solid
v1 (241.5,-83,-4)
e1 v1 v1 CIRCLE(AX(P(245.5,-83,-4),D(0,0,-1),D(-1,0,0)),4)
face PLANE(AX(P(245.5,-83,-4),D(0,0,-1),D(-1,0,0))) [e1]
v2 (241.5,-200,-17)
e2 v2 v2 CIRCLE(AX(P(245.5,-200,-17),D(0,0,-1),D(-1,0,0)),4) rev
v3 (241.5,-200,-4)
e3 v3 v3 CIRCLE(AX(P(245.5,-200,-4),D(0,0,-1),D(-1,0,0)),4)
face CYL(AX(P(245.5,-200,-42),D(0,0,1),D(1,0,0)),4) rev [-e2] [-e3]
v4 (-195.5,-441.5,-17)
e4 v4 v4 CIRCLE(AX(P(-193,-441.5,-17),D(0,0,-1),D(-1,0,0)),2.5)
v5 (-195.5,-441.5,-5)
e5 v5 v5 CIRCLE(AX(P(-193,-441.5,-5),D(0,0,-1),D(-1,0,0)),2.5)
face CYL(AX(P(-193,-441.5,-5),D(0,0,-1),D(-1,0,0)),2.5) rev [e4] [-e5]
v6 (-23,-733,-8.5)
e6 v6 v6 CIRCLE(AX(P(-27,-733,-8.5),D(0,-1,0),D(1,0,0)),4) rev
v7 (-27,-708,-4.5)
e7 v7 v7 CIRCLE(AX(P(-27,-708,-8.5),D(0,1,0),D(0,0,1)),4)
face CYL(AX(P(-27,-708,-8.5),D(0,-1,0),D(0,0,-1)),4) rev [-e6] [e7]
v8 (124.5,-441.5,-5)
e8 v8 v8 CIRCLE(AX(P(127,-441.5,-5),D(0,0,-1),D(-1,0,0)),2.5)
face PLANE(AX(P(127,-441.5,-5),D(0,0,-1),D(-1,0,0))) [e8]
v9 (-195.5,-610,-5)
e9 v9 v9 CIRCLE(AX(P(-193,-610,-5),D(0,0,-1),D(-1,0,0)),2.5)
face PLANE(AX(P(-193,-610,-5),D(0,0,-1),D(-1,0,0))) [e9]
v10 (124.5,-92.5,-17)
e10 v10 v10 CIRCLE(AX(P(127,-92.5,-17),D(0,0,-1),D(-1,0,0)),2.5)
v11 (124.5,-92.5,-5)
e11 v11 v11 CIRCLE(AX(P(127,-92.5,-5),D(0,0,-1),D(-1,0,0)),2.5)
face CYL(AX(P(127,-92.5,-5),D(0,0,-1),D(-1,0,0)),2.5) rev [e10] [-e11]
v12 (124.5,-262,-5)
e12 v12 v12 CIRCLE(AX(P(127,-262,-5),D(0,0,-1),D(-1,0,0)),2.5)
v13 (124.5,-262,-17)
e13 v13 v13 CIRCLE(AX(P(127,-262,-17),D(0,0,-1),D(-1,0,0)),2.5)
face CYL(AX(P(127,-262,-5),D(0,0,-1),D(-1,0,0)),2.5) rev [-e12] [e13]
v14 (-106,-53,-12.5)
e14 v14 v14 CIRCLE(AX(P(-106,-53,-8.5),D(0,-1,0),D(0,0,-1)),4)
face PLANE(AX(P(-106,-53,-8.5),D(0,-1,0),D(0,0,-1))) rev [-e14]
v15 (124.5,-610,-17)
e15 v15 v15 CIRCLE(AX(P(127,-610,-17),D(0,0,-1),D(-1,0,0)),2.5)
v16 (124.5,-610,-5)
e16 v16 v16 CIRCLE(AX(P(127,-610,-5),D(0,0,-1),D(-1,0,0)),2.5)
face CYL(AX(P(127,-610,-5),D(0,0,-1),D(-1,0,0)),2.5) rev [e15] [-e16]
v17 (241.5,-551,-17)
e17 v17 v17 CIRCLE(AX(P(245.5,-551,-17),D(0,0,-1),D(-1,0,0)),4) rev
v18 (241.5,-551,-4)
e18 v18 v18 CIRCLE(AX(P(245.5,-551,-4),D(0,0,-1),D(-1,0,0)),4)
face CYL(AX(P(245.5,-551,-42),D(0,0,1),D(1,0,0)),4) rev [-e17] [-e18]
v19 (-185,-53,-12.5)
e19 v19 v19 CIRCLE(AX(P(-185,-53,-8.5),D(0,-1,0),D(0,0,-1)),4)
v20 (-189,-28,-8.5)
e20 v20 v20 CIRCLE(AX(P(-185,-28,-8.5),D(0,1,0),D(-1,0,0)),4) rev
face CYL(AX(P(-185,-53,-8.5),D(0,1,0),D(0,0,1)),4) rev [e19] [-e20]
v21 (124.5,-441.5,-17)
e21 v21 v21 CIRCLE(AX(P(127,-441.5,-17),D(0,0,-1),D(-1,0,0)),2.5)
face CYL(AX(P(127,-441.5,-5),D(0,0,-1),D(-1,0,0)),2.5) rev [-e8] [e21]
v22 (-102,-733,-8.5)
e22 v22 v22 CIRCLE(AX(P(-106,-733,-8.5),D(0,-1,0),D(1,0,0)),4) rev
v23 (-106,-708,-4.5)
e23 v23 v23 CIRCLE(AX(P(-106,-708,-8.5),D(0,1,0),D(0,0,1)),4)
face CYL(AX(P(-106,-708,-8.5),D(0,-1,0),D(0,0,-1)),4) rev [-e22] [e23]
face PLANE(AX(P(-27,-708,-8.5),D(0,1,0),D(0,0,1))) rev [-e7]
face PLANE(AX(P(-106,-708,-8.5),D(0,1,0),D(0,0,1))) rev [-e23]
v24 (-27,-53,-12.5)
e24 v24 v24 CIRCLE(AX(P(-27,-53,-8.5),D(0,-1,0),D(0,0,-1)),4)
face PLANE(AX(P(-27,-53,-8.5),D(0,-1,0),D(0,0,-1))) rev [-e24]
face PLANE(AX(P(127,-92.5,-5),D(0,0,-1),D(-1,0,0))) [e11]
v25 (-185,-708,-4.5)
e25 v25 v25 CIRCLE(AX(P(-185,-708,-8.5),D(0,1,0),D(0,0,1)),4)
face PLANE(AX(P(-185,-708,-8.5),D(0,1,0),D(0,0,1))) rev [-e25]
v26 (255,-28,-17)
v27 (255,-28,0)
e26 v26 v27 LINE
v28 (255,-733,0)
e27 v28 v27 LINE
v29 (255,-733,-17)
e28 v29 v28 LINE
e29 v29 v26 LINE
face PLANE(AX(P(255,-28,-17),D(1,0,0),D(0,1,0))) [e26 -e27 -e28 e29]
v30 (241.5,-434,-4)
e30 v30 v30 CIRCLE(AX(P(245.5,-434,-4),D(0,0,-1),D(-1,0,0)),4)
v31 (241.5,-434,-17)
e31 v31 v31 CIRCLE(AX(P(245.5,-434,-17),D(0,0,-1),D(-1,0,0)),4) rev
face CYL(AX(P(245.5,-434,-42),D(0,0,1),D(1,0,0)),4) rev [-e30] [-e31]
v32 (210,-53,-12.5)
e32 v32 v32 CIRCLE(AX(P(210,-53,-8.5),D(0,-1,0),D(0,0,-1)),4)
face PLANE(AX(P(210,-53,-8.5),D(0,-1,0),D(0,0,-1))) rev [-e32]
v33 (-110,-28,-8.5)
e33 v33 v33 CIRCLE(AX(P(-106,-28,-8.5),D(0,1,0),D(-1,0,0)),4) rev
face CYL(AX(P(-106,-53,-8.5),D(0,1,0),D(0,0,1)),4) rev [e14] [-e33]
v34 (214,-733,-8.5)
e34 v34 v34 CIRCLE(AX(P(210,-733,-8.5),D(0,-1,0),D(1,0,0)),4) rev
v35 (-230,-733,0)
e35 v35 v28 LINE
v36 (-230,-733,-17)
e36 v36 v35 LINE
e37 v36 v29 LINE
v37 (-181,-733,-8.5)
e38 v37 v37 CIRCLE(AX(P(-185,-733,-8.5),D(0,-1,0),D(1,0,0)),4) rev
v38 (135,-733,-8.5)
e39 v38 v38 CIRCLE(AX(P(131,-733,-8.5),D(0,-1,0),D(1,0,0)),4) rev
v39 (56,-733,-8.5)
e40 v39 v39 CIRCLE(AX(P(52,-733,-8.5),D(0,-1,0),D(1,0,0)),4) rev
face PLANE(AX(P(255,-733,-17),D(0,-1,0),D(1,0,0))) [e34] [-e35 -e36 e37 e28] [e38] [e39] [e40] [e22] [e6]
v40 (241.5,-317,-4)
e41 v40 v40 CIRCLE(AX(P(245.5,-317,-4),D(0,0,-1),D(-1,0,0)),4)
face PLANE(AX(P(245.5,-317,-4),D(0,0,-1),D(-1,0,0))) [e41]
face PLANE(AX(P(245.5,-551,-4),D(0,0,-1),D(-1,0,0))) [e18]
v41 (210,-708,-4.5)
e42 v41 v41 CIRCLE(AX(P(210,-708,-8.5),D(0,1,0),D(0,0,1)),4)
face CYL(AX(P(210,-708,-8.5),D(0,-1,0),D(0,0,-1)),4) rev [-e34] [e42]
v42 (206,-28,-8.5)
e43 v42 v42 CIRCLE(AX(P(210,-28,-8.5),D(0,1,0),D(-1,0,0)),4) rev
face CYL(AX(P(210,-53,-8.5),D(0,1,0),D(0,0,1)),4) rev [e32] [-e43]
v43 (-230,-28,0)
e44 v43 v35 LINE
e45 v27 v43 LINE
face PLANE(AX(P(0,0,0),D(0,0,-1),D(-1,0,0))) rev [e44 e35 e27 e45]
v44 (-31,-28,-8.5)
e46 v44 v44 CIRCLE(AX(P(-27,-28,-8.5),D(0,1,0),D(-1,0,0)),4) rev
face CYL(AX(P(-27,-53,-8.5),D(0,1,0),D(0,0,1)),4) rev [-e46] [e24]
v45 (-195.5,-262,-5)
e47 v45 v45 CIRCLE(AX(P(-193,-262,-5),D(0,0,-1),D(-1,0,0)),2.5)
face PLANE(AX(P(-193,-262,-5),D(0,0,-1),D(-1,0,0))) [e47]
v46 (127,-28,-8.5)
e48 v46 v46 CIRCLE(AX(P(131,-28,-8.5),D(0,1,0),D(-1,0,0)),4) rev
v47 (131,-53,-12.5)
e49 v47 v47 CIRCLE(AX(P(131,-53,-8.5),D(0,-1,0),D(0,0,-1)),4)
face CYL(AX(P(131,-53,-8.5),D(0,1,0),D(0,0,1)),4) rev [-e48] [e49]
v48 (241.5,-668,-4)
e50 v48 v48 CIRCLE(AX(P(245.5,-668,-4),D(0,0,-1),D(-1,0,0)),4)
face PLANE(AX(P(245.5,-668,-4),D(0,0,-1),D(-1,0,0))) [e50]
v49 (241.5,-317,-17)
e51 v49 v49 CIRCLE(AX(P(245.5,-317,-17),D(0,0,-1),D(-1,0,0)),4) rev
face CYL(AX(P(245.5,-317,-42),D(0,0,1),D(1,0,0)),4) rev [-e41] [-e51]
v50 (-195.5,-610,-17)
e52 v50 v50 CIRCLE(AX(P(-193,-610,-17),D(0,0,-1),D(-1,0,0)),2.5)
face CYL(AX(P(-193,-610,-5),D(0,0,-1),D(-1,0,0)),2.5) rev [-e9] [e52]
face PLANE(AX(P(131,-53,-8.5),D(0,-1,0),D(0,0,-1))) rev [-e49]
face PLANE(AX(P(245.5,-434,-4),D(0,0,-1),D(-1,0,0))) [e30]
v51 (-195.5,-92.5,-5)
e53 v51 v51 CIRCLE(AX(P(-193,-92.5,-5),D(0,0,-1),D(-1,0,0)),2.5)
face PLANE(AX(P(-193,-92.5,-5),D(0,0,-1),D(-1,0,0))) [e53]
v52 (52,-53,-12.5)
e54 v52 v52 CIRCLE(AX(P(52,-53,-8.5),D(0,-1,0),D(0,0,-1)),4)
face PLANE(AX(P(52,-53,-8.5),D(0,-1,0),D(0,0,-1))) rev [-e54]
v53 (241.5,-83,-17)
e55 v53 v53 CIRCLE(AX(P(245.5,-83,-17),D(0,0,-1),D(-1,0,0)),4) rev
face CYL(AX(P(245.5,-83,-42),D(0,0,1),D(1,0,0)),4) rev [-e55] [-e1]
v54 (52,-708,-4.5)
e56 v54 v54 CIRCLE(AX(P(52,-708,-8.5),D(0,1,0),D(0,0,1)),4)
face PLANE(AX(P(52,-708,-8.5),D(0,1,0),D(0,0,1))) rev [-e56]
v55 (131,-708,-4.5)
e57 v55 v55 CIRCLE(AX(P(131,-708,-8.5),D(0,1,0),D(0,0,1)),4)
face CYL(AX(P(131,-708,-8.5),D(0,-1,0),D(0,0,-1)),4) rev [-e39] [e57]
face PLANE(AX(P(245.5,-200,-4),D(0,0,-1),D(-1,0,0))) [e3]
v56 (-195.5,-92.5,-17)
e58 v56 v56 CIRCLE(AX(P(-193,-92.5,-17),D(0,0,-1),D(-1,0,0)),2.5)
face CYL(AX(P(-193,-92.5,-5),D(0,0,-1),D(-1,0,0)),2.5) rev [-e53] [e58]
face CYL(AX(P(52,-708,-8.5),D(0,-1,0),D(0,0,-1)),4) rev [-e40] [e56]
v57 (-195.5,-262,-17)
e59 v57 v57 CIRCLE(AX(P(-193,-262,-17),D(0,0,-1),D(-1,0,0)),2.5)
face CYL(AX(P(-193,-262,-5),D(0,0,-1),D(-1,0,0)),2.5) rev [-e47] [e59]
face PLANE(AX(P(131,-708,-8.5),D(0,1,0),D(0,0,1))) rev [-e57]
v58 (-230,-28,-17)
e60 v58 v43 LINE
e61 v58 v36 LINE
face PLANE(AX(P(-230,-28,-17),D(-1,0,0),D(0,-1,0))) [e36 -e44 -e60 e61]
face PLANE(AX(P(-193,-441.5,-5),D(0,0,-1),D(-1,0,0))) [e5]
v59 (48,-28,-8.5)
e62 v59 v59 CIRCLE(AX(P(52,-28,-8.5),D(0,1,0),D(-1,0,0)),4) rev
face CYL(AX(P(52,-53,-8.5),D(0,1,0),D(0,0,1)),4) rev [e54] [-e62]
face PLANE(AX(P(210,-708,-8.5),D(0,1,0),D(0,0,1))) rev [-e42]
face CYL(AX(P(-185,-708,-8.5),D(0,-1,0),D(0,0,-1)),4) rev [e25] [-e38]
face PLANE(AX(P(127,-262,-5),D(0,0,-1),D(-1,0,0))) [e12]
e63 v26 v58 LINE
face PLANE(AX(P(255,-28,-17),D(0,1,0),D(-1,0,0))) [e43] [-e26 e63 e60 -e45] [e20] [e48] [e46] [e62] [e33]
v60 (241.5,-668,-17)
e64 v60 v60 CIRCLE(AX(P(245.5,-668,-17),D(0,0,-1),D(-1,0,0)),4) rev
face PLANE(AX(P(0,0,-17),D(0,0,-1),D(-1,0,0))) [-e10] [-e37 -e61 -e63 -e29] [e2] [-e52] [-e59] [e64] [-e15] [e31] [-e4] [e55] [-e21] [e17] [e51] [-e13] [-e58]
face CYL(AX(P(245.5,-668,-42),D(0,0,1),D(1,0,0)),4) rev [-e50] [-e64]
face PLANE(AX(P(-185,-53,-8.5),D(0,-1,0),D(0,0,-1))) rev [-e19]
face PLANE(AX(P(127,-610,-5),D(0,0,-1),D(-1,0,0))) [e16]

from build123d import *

# Parameters (mm, degrees)
SKETCH1_W                = 485
SKETCH1_H                = 705
BOSS_EXTRUDE1_DEPTH      = 17
CUT_EXTRUDE2_DEPTH       = 25
CUT_EXTRUDE2_DEPTH_BACK  = 13
SKETCH3_R                = 4
SKETCH8_R                = 2.5
CUT_EXTRUDE7_DEPTH       = 12
SKETCH9_R                = 2.5
CUT_EXTRUDE8_DEPTH       = 12
CUT_EXTRUDE20_DEPTH      = 25
CUT_EXTRUDE20_DEPTH_BACK = 13
SKETCH21_R               = 4
SKETCH22_R               = 2.5
CUT_EXTRUDE21_DEPTH      = 12
CUT_EXTRUDE22_DEPTH      = 25
CUT_EXTRUDE22_DEPTH_BACK = 13
SKETCH23_R               = 4
SKETCH25_R               = 2.5
CUT_EXTRUDE24_DEPTH      = 12


with BuildPart() as part:
    # Sketch1 → Boss-Extrude1 (new body)
    with BuildSketch(Plane.XY):
        with Locations((12.5, -380.5)):
            Rectangle(SKETCH1_W, SKETCH1_H)
    extrude(amount=-BOSS_EXTRUDE1_DEPTH)

    # Sketch3 → Cut-Extrude2 (cut, two sides: drawn at the far end of the back side and taken through both)
    with BuildSketch(Plane(origin=(0, -28, -249), x_dir=(0, 0, 1), z_dir=(0, -1, 0)).offset(-CUT_EXTRUDE2_DEPTH_BACK)):
        with Locations(Location((240.5, -210, 0), (0, 0, 90))):
            Circle(SKETCH3_R)
        with Locations(Location((240.5, -131, 0), (0, 0, 90))):
            Circle(SKETCH3_R)
        with Locations(Location((240.5, -52, 0), (0, 0, 90))):
            Circle(SKETCH3_R)
        with Locations(Location((240.5, 27, 0), (0, 0, 90))):
            Circle(SKETCH3_R)
        with Locations(Location((240.5, 106, 0), (0, 0, 90))):
            Circle(SKETCH3_R)
        with Locations(Location((240.5, 185, 0), (0, 0, 90))):
            Circle(SKETCH3_R)
    extrude(amount=CUT_EXTRUDE2_DEPTH + CUT_EXTRUDE2_DEPTH_BACK, mode=Mode.SUBTRACT)

    # Sketch8 → Cut-Extrude7 (cut)
    with BuildSketch(Plane(origin=(0, 0, -17), x_dir=(-1, 0, 0), z_dir=(0, 0, -1))):
        with Locations((193, -441.5)):
            Circle(SKETCH8_R)
        with Locations((-127, -441.5)):
            Circle(SKETCH8_R)
    extrude(amount=-CUT_EXTRUDE7_DEPTH, mode=Mode.SUBTRACT)

    # Sketch9 → Cut-Extrude8 (cut)
    with BuildSketch(Plane(origin=(0, 0, -17), x_dir=(-1, 0, 0), z_dir=(0, 0, -1))):
        with Locations((193, -262)):
            Circle(SKETCH9_R)
        with Locations((-127, -262)):
            Circle(SKETCH9_R)
    extrude(amount=-CUT_EXTRUDE8_DEPTH, mode=Mode.SUBTRACT)

    # Sketch21 → Cut-Extrude20 (cut, two sides: drawn at the far end of the back side and taken through both)
    with BuildSketch(Plane(origin=(0, 0, -17), x_dir=(-1, 0, 0), z_dir=(0, 0, -1)).offset(-CUT_EXTRUDE20_DEPTH_BACK)):
        with Locations((-245.5, -83)):
            Circle(SKETCH21_R)
        with Locations((-245.5, -200)):
            Circle(SKETCH21_R)
        with Locations((-245.5, -317)):
            Circle(SKETCH21_R)
        with Locations((-245.5, -434)):
            Circle(SKETCH21_R)
        with Locations((-245.5, -551)):
            Circle(SKETCH21_R)
        with Locations((-245.5, -668)):
            Circle(SKETCH21_R)
    extrude(amount=CUT_EXTRUDE20_DEPTH + CUT_EXTRUDE20_DEPTH_BACK, mode=Mode.SUBTRACT)

    # Sketch22 → Cut-Extrude21 (cut)
    with BuildSketch(Plane(origin=(0, 0, -17), x_dir=(-1, 0, 0), z_dir=(0, 0, -1))):
        with Locations((193, -610)):
            Circle(SKETCH22_R)
        with Locations((-127, -610)):
            Circle(SKETCH22_R)
    extrude(amount=-CUT_EXTRUDE21_DEPTH, mode=Mode.SUBTRACT)

    # Sketch23 → Cut-Extrude22 (cut, two sides: drawn at the far end of the back side and taken through both)
    with BuildSketch(Plane(origin=(0, -733, -249), x_dir=(0, 0, 1), z_dir=(0, 1, 0)).offset(-CUT_EXTRUDE22_DEPTH_BACK)):
        with Locations(Location((240.5, 210, 0), (0, 0, 270))):
            Circle(SKETCH23_R)
        with Locations(Location((240.5, 131, 0), (0, 0, 270))):
            Circle(SKETCH23_R)
        with Locations(Location((240.5, 52, 0), (0, 0, 270))):
            Circle(SKETCH23_R)
        with Locations(Location((240.5, -27, 0), (0, 0, 270))):
            Circle(SKETCH23_R)
        with Locations(Location((240.5, -106, 0), (0, 0, 270))):
            Circle(SKETCH23_R)
        with Locations(Location((240.5, -185, 0), (0, 0, 270))):
            Circle(SKETCH23_R)
    extrude(amount=CUT_EXTRUDE22_DEPTH + CUT_EXTRUDE22_DEPTH_BACK, mode=Mode.SUBTRACT)

    # Sketch25 → Cut-Extrude24 (cut)
    with BuildSketch(Plane(origin=(0, 0, -17), x_dir=(-1, 0, 0), z_dir=(0, 0, -1))):
        with Locations((193, -92.5)):
            Circle(SKETCH25_R)
        with Locations((-127, -92.5)):
            Circle(SKETCH25_R)
    extrude(amount=-CUT_EXTRUDE24_DEPTH, mode=Mode.SUBTRACT)


solid = part.part
